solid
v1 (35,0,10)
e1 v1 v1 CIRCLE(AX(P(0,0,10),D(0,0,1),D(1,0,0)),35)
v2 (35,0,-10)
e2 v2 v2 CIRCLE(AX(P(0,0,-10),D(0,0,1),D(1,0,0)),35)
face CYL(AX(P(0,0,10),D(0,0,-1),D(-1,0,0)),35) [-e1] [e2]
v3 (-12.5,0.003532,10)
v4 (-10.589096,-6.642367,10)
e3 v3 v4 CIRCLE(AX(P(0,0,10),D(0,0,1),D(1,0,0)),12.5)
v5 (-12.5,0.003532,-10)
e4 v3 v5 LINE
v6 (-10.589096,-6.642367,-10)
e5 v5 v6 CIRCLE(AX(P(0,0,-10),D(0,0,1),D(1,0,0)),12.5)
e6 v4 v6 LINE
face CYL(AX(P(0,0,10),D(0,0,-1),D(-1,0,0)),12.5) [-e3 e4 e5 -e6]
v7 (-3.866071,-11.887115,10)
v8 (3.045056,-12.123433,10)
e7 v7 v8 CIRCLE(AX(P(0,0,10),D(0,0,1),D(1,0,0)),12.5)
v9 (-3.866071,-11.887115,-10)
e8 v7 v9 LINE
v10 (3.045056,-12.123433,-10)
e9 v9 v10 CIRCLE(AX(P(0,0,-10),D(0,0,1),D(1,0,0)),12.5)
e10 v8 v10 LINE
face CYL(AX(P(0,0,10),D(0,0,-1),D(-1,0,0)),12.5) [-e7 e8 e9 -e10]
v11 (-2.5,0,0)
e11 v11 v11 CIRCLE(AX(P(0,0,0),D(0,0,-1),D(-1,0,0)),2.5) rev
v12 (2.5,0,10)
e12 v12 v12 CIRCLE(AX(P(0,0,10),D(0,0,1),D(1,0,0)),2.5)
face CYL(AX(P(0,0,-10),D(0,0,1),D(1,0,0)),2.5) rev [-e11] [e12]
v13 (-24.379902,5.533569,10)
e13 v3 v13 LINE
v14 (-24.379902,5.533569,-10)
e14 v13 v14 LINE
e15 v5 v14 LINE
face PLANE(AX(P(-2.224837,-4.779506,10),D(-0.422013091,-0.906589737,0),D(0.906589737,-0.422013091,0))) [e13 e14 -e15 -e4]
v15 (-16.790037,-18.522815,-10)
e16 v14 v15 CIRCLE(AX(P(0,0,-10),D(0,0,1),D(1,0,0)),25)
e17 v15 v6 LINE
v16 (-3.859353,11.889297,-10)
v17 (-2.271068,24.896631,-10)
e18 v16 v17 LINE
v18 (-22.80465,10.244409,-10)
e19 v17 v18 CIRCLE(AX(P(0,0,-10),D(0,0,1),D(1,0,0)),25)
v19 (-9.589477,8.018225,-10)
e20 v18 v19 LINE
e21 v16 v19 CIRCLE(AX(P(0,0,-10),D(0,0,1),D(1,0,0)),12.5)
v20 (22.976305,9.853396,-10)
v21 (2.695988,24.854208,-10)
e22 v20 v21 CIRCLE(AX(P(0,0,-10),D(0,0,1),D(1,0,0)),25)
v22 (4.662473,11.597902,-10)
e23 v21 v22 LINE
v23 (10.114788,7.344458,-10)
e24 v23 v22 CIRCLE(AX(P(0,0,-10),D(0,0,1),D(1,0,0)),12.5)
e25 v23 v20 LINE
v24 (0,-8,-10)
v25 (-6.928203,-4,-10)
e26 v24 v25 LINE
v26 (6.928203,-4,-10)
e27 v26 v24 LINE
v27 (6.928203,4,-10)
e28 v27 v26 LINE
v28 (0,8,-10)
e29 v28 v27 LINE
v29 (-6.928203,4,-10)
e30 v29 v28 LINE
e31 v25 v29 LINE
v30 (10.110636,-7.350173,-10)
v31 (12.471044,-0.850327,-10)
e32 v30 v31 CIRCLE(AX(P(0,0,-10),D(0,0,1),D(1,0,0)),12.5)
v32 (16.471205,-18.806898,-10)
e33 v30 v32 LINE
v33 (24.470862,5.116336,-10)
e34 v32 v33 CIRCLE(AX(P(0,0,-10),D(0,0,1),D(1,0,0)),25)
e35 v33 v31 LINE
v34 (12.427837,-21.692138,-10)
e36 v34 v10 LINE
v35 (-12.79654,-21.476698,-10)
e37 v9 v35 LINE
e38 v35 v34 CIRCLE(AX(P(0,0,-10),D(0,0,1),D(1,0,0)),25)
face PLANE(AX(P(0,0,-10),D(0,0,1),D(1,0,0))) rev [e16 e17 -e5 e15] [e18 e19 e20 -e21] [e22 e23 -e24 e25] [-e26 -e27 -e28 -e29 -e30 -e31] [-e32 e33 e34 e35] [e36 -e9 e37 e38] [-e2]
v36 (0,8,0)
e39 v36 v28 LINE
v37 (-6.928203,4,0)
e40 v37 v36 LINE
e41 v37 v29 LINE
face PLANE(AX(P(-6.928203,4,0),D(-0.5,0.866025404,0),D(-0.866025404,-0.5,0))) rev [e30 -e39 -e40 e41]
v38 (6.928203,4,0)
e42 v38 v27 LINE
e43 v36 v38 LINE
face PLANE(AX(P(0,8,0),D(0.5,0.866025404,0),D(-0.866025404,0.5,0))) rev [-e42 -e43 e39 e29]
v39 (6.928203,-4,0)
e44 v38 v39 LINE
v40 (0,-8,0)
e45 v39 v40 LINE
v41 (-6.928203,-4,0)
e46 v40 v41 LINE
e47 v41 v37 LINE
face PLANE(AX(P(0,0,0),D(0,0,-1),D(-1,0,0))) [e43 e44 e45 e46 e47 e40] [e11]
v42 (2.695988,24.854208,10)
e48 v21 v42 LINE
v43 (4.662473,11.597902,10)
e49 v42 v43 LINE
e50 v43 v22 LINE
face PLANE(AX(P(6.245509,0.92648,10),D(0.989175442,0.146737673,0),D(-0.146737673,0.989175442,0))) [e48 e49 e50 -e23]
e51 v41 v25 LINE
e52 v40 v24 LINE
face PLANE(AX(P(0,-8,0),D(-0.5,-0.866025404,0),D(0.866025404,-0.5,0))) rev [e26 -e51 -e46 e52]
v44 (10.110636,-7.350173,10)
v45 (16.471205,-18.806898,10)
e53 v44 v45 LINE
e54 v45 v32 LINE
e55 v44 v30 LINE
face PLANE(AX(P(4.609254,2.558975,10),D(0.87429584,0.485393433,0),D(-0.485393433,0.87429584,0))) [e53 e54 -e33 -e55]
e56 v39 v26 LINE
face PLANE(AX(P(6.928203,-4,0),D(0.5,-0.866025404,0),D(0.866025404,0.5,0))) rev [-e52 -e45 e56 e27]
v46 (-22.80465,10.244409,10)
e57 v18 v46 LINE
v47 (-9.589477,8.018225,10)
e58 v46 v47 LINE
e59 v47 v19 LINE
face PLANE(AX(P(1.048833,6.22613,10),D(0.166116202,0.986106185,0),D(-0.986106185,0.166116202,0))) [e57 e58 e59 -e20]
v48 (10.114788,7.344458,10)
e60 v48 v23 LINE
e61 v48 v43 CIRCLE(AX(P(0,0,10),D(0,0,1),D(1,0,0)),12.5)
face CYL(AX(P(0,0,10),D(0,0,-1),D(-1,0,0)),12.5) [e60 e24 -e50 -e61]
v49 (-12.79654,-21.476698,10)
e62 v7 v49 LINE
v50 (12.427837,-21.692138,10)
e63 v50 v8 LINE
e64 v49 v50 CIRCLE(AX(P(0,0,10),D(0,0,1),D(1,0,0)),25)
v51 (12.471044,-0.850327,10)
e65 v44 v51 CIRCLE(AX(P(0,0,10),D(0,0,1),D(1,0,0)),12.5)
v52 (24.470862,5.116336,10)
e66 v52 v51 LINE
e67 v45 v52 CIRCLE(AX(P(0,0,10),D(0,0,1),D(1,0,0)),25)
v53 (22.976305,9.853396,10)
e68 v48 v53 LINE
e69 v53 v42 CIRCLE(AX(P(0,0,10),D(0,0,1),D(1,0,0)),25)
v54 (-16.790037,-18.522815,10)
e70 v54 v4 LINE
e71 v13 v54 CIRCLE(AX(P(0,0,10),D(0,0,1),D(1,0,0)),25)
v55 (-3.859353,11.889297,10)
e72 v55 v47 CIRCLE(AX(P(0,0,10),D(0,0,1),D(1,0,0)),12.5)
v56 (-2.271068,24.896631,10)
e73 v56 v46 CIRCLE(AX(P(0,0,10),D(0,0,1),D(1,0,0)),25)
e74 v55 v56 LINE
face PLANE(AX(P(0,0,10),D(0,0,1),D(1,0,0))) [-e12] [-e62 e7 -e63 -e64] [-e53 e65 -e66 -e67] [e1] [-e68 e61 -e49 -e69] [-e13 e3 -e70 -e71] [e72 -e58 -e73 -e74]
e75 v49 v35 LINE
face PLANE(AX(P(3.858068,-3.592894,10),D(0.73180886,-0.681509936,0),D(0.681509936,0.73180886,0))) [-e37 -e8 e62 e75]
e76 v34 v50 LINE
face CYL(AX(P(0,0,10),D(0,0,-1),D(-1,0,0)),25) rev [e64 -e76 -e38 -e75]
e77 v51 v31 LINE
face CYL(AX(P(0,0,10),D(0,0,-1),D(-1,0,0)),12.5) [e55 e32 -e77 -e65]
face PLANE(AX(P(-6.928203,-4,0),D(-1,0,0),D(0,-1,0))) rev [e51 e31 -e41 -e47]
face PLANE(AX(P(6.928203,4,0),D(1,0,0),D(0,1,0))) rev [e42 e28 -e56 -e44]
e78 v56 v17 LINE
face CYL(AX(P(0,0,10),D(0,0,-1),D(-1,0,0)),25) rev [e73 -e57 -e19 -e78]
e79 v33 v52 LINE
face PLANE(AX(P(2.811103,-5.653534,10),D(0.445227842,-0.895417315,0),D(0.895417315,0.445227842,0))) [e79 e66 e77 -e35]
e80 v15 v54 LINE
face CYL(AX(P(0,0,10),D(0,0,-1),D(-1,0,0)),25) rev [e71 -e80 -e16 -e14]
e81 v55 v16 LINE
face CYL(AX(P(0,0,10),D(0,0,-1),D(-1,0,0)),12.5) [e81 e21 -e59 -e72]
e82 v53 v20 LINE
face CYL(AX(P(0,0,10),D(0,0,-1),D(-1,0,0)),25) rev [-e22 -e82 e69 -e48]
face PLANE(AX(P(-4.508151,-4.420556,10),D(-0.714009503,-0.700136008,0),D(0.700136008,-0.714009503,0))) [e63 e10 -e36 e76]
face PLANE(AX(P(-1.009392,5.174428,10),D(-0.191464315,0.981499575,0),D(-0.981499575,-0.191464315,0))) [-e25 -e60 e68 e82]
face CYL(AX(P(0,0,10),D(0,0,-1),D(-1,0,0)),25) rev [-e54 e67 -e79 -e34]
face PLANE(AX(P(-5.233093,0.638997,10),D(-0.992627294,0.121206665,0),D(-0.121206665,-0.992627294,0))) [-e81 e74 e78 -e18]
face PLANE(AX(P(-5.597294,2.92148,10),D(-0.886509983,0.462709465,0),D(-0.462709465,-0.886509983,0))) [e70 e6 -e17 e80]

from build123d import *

# Parameters (mm, degrees)
SKETCH_1_R               = 35
SKETCH_1_R_2             = 25
EXTRUDE_1_DEPTH          = 10
SKETCH_2_R               = 12.5
EXTRUDE_2_DEPTH          = 10
PATTERN_CIRCULAR_1_COUNT = 5
SKETCH_3_R               = 2.5
CUT_EXTRUDE_1_DEPTH      = 54.38539126
CUT_EXTRUDE_2_DEPTH      = 10


with BuildPart() as part:
    # 草图1 → 凸台-拉伸1 (new, symmetric)
    with BuildSketch(Plane.XY):
        Circle(SKETCH_1_R)
        Circle(SKETCH_1_R_2, mode=Mode.SUBTRACT)
    extrude(amount=EXTRUDE_1_DEPTH, both=True)

    # 草图2 → 凸台-拉伸2 (add, symmetric)
    with BuildSketch(Plane.XY):
        Circle(SKETCH_2_R)
        with BuildLine():
            Line((-1.438766033, 31.712801318), (-3.859353097, 11.889297443))
            ThreePointArc((-3.859353097, 11.889297443), (0.427174783, 12.492698736), (4.662473362, 11.597902489))
            Line((4.662473362, 11.597902489), (1.678560372, 31.712801318))
            Line((1.678560372, 31.712801318), (-1.438766033, 31.712801318))
        make_face()
    extrude_2 = extrude(amount=EXTRUDE_2_DEPTH, both=True)

    # 阵列(圆周)1: 凸台-拉伸2 ×5 about axis
    pattern_circular_1_axis = Axis((0, 0, 0), (0, 0, 1))
    for i in range(1, PATTERN_CIRCULAR_1_COUNT):
        add(extrude_2.rotate(pattern_circular_1_axis, i * 360 / PATTERN_CIRCULAR_1_COUNT))

    # 草图3 → 切除-拉伸1 (cut, through all)
    with BuildSketch(Plane.XY.offset(10)):
        Circle(SKETCH_3_R)
    extrude(amount=-CUT_EXTRUDE_1_DEPTH, mode=Mode.SUBTRACT)

    # 草图4 → 切除-拉伸2 (cut)
    with BuildSketch(Plane(origin=(0, 0, -10), x_dir=(-1, 0, 0), z_dir=(0, 0, -1))):
        Polygon((0, 8), (-6.92820323, 4), (-6.92820323, -4), (0, -8), (6.92820323, -4), (6.92820323, 4), align=None)
    extrude(amount=-CUT_EXTRUDE_2_DEPTH, mode=Mode.SUBTRACT)


solid = part.part
